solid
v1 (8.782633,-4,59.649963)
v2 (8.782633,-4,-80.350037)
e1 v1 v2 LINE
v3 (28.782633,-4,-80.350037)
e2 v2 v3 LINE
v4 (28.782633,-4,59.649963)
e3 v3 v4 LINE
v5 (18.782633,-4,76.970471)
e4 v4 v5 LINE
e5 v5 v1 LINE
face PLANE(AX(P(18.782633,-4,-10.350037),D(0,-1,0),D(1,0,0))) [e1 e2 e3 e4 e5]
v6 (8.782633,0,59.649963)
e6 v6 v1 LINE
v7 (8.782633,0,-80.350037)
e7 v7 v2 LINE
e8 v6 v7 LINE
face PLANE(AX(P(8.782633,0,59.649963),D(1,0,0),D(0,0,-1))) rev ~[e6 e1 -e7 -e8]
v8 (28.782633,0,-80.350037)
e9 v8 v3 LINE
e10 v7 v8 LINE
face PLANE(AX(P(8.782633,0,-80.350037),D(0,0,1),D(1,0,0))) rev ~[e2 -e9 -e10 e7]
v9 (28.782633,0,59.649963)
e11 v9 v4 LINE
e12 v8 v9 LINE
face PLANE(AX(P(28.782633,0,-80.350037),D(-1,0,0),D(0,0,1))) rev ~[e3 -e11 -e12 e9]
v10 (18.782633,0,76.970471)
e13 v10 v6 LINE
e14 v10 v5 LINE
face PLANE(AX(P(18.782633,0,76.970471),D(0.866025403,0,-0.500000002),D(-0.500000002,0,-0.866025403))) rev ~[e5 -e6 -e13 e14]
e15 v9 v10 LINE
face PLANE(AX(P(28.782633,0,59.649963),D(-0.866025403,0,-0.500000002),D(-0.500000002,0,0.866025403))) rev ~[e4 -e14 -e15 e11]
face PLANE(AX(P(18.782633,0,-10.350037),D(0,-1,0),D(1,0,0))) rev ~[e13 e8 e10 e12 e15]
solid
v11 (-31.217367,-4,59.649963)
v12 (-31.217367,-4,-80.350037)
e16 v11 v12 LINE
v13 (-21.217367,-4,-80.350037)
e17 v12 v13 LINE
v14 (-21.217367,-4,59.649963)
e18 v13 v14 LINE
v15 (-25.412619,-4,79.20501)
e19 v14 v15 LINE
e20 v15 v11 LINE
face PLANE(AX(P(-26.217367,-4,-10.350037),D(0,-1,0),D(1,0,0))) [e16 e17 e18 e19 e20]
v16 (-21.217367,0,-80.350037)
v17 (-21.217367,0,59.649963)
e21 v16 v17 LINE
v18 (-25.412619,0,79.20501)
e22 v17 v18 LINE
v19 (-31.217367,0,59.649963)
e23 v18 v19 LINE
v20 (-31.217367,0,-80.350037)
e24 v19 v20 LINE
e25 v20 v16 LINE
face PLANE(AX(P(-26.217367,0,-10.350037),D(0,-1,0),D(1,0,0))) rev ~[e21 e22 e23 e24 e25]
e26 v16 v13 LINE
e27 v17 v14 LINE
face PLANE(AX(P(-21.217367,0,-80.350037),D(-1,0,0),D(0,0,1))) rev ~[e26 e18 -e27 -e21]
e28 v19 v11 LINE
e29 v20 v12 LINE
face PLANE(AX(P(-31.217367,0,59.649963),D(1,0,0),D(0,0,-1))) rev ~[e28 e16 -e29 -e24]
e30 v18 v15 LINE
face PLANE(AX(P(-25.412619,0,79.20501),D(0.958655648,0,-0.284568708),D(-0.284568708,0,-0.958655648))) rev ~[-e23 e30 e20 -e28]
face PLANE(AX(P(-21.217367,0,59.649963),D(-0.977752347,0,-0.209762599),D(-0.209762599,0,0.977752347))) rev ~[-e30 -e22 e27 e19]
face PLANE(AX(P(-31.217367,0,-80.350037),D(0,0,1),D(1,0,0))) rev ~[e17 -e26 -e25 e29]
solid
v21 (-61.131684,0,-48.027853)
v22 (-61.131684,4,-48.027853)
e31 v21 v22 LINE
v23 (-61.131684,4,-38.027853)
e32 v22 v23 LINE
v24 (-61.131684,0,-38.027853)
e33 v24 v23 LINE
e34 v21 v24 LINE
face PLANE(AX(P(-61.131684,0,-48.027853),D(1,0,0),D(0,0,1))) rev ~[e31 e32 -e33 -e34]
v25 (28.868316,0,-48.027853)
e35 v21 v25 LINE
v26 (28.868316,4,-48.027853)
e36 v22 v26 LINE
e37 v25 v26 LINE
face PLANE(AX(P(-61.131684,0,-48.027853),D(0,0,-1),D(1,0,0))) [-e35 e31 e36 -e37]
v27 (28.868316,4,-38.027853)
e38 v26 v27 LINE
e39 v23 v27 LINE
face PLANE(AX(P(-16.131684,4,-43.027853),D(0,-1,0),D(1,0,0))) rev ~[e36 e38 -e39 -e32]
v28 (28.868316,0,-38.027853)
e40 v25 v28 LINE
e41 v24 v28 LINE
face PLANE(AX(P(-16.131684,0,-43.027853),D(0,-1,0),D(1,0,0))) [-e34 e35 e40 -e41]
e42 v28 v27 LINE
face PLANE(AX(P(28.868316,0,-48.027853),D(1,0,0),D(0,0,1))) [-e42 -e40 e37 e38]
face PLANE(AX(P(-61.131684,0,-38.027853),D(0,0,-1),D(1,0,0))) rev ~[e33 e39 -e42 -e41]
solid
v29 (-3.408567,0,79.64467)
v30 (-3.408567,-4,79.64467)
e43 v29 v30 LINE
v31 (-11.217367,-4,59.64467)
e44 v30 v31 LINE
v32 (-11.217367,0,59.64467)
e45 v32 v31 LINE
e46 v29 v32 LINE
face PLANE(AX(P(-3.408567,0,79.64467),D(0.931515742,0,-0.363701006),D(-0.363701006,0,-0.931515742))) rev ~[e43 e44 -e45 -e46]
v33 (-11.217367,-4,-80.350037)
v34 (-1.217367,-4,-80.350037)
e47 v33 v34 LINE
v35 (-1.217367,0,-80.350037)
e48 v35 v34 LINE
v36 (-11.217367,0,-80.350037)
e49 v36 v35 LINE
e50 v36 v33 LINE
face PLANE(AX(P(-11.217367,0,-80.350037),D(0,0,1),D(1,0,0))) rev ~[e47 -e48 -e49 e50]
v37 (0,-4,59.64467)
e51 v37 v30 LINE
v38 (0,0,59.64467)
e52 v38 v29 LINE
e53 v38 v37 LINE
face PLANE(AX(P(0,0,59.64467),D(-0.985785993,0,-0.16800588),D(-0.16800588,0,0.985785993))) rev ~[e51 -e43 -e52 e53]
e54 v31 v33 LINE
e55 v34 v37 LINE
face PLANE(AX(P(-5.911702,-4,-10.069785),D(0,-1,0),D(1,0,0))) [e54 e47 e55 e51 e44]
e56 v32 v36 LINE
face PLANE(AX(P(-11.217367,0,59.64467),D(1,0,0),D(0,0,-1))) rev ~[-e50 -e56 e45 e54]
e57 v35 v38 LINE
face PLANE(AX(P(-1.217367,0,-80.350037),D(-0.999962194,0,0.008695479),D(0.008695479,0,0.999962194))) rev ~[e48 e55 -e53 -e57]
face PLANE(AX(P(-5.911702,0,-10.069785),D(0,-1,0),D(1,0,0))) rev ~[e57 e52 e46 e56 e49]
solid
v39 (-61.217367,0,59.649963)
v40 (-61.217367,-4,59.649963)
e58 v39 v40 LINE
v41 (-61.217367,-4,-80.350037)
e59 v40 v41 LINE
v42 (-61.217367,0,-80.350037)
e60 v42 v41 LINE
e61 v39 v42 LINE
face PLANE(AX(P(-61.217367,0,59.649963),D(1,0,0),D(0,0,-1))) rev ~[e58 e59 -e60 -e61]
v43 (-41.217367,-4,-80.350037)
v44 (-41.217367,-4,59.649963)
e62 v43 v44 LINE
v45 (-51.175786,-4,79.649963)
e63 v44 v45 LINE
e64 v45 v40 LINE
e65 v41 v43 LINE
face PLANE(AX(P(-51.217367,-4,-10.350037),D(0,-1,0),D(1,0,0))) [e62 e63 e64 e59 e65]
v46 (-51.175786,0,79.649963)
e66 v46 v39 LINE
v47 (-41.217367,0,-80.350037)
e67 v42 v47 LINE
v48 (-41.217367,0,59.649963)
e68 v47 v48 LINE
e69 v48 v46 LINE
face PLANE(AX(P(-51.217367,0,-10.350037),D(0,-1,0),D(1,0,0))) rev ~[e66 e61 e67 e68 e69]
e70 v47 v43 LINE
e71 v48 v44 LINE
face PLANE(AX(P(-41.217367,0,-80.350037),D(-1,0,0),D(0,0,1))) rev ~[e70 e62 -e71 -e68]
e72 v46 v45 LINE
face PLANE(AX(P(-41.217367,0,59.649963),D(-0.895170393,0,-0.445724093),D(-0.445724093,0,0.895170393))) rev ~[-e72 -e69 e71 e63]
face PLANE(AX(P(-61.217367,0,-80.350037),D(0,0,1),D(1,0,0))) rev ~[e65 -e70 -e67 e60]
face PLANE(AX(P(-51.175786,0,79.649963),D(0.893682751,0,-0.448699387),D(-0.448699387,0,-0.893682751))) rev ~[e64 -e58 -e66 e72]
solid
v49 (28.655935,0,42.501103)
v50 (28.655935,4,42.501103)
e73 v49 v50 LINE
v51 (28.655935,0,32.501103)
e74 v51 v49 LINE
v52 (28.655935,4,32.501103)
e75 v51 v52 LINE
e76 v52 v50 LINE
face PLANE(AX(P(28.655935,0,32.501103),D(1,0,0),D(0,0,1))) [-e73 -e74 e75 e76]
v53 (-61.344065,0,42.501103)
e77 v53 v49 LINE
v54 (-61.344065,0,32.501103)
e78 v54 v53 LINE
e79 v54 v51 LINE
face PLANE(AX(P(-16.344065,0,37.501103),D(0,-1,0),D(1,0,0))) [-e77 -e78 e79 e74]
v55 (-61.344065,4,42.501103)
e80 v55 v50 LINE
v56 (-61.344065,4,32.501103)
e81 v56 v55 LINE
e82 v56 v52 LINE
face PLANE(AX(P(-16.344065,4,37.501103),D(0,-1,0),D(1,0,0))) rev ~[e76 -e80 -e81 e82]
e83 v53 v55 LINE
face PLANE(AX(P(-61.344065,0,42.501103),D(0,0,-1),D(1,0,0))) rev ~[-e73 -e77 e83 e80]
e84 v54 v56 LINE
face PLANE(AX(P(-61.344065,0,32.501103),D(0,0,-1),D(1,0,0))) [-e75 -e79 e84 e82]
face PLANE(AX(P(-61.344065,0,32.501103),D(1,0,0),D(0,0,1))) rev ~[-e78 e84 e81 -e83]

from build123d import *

# Parameters (mm, degrees)
F1_DEPTH = 4
F2_W     = 90
F2_H     = 10
F3_DEPTH = 4
F4_W     = 90
F4_H     = 10
F5_DEPTH = 4


with BuildPart() as f1:
    # F0 (on Front) → F1 (new body)
    with BuildSketch(Plane.XZ):
        Polygon((8.782633, 59.649963), (8.782633, -80.350037), (28.782633, -80.350037), (28.782633, 59.649963), (18.782633, 59.649963), align=None)
        Polygon((-11.217367, 59.64467), (-11.217367, -80.350037), (-1.217367, -80.350037), (0, 59.64467), (-5.608683, 59.64467), align=None)
        Polygon((-51.175786, 59.649963), (-61.217367, 59.649963), (-61.217367, -80.350037), (-41.217367, -80.350037), (-41.217367, 59.649963), align=None)
        Polygon((-31.217367, 59.649963), (-31.217367, -80.350037), (-21.217367, -80.350037), (-21.217367, 59.649963), (-26.200101, 59.649963), align=None)
        Polygon((18.782633, 59.649963), (28.782633, 59.649963), (18.782633, 76.970471), align=None)
        Polygon((18.782633, 76.970471), (8.782633, 59.649963), (18.782633, 59.649963), align=None)
        Polygon((-3.408567, 79.64467), (-11.217367, 59.64467), (-5.608683, 59.64467), align=None)
        Polygon((-25.412619, 79.20501), (-31.217367, 59.649963), (-26.200101, 59.649963), align=None)
        Polygon((-51.175786, 79.649963), (-61.217367, 59.649963), (-51.175786, 59.649963), align=None)
        Polygon((-41.217367, 59.649963), (-51.175786, 79.649963), (-51.175786, 59.649963), align=None)
        Polygon((-26.200101, 59.649963), (-21.217367, 59.649963), (-25.412619, 79.20501), align=None)
        Polygon((-5.608683, 59.64467), (0, 59.64467), (-3.408567, 79.64467), align=None)
    extrude(amount=F1_DEPTH)


with BuildPart() as f3:
    # F2 (on Front) → F3 (new body)
    with BuildSketch(Plane.XZ):
        with Locations((-16.344065, 37.501103)):
            Rectangle(F2_W, F2_H)
    extrude(amount=-F3_DEPTH)


with BuildPart() as f5:
    # F4 (on Front) → F5 (new body)
    with BuildSketch(Plane.XZ):
        with Locations((-16.131684, -43.027853)):
            Rectangle(F4_W, F4_H)
    extrude(amount=-F5_DEPTH)


solid = Compound([f1.part, f3.part, f5.part])
